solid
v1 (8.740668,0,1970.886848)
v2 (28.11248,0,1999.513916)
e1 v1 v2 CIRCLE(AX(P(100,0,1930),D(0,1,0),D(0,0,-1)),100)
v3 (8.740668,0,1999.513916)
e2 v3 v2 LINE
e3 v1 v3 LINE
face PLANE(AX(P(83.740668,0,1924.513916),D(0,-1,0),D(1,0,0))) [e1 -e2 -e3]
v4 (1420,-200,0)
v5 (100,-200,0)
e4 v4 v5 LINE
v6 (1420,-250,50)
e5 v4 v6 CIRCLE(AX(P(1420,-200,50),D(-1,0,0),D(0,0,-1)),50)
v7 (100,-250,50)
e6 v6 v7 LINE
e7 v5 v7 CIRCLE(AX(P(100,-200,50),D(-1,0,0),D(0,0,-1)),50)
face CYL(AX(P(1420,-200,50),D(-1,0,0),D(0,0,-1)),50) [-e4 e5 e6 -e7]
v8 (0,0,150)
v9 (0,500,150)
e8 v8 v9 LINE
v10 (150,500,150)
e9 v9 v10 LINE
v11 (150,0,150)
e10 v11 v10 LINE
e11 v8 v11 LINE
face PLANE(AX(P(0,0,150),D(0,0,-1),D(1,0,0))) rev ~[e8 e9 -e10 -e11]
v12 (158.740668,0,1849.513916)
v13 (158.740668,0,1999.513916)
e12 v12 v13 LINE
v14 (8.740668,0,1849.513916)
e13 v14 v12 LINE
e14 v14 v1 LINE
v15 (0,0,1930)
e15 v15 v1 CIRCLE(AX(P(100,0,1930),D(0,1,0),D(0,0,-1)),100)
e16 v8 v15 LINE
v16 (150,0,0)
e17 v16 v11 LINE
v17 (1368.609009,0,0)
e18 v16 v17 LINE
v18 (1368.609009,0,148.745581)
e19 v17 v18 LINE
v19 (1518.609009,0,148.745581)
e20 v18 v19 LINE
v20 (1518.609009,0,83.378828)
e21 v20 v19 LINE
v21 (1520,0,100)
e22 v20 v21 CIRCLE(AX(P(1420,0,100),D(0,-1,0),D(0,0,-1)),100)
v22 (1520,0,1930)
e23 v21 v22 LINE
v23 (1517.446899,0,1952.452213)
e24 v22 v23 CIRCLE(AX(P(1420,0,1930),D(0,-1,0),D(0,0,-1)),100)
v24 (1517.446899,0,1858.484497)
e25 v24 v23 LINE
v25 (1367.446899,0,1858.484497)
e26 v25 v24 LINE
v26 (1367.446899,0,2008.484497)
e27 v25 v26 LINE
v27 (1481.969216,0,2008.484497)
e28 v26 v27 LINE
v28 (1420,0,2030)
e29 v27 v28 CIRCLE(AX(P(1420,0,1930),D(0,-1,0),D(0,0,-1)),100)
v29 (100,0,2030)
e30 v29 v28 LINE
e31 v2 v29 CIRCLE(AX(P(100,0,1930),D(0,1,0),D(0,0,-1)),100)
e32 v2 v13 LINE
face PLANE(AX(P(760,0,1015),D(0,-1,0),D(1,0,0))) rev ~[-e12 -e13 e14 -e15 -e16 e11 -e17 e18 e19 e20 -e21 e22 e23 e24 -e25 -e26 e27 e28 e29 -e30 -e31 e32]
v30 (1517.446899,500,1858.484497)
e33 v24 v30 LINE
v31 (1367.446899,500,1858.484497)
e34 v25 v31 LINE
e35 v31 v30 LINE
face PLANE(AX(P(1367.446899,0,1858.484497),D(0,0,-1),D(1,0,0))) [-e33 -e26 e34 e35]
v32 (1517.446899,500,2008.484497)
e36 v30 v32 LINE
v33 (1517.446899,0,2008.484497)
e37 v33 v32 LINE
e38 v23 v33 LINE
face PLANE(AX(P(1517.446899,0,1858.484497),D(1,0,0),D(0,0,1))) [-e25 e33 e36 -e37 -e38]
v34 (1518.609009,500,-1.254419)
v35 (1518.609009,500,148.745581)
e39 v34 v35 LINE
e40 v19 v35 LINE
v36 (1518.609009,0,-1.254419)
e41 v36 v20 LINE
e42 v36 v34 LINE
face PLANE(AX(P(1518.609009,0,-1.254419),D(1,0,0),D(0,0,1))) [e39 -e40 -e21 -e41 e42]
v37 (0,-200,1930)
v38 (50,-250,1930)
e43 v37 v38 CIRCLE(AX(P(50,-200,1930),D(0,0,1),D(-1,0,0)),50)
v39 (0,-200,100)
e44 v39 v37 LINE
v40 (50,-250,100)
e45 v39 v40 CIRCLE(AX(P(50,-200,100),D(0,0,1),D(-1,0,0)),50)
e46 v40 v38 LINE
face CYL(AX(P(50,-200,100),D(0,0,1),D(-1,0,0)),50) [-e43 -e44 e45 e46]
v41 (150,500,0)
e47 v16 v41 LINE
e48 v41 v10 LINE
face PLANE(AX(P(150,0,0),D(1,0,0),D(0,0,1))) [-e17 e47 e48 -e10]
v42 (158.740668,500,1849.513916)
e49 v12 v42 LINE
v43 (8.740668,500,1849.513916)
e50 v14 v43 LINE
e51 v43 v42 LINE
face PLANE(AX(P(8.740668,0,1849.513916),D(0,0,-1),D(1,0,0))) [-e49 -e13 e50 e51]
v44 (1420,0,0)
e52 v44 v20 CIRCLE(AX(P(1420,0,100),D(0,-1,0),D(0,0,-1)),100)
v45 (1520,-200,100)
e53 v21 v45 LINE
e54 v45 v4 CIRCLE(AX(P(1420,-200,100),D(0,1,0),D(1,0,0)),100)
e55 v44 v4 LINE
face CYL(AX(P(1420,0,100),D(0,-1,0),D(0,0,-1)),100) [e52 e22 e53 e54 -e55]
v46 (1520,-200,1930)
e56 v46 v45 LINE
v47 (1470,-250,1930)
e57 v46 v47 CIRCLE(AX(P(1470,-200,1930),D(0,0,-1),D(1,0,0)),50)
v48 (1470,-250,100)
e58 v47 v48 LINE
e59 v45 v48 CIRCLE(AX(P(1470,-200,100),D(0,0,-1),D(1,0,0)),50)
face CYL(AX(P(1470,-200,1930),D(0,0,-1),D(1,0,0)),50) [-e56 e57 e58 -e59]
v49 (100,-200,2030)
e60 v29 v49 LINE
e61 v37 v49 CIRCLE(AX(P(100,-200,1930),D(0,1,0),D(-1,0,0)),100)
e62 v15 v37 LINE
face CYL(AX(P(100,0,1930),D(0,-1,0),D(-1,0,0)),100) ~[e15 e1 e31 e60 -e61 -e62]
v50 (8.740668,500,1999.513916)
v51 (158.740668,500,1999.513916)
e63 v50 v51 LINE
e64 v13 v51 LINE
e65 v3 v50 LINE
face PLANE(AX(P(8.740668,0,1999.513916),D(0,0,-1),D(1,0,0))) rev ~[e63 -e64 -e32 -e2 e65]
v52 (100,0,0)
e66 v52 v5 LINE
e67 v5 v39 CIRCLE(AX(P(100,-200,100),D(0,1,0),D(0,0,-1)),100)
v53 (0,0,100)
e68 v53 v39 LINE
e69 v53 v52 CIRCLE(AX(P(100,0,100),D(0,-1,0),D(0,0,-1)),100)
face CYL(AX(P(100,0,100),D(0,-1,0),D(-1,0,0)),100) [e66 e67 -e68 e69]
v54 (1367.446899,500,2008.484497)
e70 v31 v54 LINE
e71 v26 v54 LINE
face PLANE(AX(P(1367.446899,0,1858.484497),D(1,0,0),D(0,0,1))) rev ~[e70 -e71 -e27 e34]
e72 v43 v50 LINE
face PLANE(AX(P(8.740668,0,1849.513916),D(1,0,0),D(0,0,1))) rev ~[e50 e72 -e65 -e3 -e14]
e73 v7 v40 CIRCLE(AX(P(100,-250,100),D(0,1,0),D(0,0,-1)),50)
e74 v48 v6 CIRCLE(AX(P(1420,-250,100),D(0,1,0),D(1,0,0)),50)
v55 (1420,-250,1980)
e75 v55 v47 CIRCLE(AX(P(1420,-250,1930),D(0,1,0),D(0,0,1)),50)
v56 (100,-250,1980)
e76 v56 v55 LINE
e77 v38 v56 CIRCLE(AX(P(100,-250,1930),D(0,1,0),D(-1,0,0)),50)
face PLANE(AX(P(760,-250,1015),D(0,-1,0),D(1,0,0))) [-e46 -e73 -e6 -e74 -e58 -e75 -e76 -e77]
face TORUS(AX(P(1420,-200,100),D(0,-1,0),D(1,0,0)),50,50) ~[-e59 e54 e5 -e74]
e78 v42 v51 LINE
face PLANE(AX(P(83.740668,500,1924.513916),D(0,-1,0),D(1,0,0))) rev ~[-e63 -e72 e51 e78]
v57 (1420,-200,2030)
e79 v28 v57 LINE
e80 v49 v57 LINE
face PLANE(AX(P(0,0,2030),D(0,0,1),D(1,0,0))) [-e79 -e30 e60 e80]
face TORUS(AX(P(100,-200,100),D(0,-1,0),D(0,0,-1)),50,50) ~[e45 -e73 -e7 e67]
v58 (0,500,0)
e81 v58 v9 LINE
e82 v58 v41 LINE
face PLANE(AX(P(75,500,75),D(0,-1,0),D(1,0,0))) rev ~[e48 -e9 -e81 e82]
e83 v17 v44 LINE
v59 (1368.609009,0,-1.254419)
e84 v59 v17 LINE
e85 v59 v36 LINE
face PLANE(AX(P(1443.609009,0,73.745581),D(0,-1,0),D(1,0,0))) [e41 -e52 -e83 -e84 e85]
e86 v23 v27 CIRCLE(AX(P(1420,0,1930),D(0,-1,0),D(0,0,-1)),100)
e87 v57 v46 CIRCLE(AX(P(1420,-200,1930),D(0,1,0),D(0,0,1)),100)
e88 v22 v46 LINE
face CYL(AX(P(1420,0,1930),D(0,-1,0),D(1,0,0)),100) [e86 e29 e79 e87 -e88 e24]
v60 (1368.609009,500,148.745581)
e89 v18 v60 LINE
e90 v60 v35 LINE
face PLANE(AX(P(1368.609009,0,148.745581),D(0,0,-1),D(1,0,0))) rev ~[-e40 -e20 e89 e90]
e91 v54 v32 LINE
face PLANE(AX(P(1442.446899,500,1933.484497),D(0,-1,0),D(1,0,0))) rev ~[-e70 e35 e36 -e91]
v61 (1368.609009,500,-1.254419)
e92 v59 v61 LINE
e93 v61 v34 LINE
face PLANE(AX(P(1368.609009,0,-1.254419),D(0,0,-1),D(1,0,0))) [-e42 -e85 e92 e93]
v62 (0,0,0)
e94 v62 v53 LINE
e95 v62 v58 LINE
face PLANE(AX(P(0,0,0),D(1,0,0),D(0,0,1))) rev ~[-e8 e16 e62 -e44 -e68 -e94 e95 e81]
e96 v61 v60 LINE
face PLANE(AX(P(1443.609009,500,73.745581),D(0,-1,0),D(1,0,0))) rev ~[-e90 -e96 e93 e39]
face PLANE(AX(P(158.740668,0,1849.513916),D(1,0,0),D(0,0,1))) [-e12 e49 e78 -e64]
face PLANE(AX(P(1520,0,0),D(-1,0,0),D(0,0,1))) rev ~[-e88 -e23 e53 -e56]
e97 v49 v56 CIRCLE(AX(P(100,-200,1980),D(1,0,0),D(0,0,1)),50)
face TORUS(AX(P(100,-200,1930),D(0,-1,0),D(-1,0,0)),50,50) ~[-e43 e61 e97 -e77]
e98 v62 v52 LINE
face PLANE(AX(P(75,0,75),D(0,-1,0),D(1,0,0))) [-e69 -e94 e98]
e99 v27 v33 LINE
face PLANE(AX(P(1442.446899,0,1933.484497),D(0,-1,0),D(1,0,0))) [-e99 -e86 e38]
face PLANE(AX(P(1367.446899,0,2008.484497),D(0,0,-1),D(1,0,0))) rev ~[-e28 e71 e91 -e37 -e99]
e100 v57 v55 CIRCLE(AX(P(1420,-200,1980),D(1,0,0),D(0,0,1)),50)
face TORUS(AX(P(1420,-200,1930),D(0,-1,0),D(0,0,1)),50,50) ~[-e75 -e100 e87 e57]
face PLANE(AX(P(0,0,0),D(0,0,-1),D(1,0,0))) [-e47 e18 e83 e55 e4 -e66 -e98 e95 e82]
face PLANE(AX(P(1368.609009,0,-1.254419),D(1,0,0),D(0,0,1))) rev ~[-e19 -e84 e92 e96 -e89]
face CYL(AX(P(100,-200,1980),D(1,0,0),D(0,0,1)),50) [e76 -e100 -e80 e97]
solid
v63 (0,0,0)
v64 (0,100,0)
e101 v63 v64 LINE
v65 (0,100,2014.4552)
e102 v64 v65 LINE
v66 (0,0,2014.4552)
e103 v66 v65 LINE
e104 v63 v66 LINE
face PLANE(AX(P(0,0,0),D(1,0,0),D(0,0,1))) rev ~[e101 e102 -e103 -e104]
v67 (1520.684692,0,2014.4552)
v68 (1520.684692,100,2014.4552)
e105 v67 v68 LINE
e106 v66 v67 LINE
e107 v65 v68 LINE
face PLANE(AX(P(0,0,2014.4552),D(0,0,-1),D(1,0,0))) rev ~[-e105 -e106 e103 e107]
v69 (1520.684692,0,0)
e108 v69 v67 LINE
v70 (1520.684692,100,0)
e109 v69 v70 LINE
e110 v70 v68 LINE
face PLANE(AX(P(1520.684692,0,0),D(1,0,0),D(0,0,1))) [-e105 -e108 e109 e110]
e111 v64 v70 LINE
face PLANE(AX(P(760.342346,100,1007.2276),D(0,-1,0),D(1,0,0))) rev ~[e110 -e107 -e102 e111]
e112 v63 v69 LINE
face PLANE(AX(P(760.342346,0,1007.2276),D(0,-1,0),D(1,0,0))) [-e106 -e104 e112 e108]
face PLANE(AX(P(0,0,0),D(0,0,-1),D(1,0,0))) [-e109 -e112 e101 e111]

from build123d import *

# Parameters (mm, degrees)
SKETCH_W     = 1520
SKETCH_H     = 2030
PAD_DEPTH    = 250
FILLET_R     = 100
SKETCH002_W  = 150
SKETCH002_H  = 150
PAD002_DEPTH = 500
SKETCH003_W  = 150
SKETCH003_H  = 150
PAD003_DEPTH = 500
SKETCH004_W  = 150
SKETCH004_H  = 150
PAD004_DEPTH = 500
SKETCH005_W  = 150
SKETCH005_H  = 150
PAD005_DEPTH = 500
FILLET001_R  = 50
SKETCH001_W  = 1520.684692
SKETCH001_H  = 2014.4552
PAD001_DEPTH = 100


with BuildPart() as body:
    # Sketch → Pad (new body)
    with BuildSketch(Plane.XZ):
        with Locations((760, 1015)):
            Rectangle(SKETCH_W, SKETCH_H)
    extrude(amount=PAD_DEPTH)

    # Fillet
    fillet_edges = [body.edges().sort_by_distance(p)[0] for p in [
        (0, -125, 2030),
        (1520, -125, 0),
        (0, -125, 0),
        (1520, -125, 2030),
    ]]
    fillet(fillet_edges, radius=FILLET_R)

    # Sketch002 → Pad002 (join)
    with BuildSketch(Plane.XZ):
        with Locations((75, 75)):
            Rectangle(SKETCH002_W, SKETCH002_H)
    extrude(amount=-PAD002_DEPTH)

    # Sketch003 → Pad003 (join)
    with BuildSketch(Plane.XZ):
        with Locations((83.740668, 1924.513916)):
            Rectangle(SKETCH003_W, SKETCH003_H)
    extrude(amount=-PAD003_DEPTH)

    # Sketch004 → Pad004 (join)
    with BuildSketch(Plane.XZ):
        with Locations((1442.446899, 1933.484497)):
            Rectangle(SKETCH004_W, SKETCH004_H)
    extrude(amount=-PAD004_DEPTH)

    # Sketch005 → Pad005 (join)
    with BuildSketch(Plane.XZ):
        with Locations((1443.609009, 73.745581)):
            Rectangle(SKETCH005_W, SKETCH005_H)
    extrude(amount=-PAD005_DEPTH)

    # Fillet001
    fillet001_edges = [body.edges().sort_by_distance(p)[0] for p in [
        (0, -250, 1015),
        (29.289322, -250, 2000.710678),
        (760, -250, 2030),
        (1490.710678, -250, 2000.710678),
        (1520, -250, 1015),
        (1490.710678, -250, 29.289322),
        (760, -250, 0),
        (29.289322, -250, 29.289322),
    ]]
    fillet(fillet001_edges, radius=FILLET001_R)


with BuildPart() as body001:
    # Sketch001 → Pad001 (new body)
    with BuildSketch(Plane.XZ):
        with Locations((760.342346, 1007.2276)):
            Rectangle(SKETCH001_W, SKETCH001_H)
    extrude(amount=-PAD001_DEPTH)


solid = Compound([body.part, body001.part])
